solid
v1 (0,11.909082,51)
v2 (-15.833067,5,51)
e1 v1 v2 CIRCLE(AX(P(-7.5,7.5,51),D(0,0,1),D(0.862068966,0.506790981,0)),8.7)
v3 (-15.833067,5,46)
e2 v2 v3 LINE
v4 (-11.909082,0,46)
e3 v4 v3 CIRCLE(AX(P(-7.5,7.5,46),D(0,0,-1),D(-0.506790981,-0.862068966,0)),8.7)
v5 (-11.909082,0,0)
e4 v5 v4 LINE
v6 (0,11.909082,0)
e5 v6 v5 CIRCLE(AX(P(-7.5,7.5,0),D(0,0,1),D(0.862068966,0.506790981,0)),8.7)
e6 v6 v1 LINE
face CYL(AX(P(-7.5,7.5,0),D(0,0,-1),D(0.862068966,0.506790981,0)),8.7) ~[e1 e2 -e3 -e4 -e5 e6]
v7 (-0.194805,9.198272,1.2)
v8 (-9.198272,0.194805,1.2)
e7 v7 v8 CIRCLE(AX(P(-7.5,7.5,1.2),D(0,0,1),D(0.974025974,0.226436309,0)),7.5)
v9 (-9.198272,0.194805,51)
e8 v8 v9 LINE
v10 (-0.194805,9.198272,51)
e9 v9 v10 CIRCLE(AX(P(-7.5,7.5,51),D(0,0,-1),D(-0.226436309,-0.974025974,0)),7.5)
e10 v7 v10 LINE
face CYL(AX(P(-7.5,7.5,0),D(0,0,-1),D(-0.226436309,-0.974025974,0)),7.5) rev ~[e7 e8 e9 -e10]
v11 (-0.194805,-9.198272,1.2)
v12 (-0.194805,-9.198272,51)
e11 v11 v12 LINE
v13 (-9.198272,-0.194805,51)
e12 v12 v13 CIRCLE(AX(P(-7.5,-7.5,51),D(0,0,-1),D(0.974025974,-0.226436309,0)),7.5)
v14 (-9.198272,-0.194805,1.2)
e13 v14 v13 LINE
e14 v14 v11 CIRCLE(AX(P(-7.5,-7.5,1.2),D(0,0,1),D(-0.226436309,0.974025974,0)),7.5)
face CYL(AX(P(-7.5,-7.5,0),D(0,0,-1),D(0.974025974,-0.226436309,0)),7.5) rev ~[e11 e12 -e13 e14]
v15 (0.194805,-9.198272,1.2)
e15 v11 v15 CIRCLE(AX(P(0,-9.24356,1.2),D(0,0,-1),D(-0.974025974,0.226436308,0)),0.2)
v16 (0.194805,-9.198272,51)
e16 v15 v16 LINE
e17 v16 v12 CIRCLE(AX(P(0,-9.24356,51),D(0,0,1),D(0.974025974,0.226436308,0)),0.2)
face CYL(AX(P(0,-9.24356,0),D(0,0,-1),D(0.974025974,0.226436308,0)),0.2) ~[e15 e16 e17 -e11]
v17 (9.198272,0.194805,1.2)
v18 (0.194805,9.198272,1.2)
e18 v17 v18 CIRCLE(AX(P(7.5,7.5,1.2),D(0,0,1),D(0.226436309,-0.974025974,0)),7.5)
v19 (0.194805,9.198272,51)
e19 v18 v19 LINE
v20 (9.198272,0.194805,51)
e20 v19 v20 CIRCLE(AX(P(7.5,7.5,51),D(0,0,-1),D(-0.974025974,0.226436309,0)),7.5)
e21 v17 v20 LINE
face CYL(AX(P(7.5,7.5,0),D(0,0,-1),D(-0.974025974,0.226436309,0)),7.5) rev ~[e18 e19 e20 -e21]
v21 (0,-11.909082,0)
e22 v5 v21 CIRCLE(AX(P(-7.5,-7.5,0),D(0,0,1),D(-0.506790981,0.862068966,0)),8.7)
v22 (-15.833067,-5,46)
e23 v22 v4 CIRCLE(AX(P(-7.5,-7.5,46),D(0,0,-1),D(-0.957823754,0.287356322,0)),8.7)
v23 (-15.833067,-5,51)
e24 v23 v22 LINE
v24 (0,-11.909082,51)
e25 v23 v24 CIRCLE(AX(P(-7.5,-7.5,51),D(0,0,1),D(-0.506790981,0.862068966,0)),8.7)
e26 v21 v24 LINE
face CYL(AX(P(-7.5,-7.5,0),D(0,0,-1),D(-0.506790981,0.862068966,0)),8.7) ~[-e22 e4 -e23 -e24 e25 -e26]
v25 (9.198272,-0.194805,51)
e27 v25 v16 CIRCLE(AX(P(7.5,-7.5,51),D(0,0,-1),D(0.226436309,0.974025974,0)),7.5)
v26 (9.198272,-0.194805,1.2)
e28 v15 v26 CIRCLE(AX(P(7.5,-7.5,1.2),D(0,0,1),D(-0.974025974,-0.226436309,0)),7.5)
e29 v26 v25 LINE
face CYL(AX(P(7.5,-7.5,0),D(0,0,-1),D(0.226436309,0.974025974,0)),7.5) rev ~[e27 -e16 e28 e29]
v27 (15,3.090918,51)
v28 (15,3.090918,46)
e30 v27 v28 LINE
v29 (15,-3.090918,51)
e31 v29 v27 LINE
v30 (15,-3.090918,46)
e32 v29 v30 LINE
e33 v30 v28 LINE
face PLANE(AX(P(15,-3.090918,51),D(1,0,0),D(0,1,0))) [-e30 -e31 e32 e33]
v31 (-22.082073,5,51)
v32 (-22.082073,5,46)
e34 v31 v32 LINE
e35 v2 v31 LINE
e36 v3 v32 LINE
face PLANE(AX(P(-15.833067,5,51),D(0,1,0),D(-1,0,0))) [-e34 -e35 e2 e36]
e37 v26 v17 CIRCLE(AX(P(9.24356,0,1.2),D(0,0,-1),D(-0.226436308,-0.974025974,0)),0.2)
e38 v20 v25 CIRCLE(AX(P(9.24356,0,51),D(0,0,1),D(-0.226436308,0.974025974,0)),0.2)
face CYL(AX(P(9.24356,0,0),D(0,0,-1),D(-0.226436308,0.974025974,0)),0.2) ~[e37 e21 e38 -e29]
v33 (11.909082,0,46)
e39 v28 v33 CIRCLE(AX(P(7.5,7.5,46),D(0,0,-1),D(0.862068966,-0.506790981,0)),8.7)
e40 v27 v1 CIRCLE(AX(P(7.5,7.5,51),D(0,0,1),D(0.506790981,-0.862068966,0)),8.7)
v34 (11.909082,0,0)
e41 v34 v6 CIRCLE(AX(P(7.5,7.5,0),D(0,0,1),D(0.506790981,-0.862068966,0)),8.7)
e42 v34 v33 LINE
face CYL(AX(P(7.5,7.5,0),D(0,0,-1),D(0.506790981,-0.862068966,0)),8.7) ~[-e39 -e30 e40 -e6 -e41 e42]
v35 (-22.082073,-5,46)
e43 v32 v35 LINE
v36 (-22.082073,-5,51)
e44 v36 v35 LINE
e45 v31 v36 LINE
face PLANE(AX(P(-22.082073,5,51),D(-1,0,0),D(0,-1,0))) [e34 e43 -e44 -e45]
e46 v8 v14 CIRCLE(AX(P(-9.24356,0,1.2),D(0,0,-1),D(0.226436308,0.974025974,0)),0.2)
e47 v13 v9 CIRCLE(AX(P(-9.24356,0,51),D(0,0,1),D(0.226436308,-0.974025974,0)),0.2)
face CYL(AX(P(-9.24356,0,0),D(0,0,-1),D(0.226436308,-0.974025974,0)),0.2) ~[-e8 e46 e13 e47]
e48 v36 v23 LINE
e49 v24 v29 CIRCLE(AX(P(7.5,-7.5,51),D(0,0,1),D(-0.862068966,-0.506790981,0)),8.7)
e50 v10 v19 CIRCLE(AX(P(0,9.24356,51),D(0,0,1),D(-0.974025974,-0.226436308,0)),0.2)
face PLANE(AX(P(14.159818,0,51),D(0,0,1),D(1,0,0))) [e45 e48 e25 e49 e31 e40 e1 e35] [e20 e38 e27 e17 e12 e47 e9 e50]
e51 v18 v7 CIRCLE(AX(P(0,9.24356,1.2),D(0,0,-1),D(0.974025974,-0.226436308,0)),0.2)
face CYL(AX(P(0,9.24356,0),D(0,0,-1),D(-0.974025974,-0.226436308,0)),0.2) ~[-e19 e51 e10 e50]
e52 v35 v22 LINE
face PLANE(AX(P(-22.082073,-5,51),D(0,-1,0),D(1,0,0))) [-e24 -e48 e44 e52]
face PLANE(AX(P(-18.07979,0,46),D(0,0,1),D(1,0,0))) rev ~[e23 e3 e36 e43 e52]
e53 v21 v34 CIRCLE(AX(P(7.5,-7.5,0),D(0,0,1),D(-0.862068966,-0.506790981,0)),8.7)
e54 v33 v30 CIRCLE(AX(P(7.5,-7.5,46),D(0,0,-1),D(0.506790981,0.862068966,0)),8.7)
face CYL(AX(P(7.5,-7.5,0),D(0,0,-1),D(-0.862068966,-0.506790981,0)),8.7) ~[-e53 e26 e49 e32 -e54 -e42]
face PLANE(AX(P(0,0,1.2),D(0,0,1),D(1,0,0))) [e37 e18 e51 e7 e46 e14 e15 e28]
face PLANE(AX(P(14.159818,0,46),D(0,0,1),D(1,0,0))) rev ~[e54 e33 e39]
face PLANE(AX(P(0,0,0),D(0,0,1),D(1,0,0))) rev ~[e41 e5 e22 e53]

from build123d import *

# Parameters (mm, degrees)
F2_DEPTH = 51
F3_DEPTH = 1.2
F5_DEPTH = 5
F6_DEPTH = 5


with BuildPart() as f2:
    # F1 (on Top) → F2 (new body)
    with BuildSketch(Plane.XY):
        with BuildLine():
            ThreePointArc((11.909081537, 0), (13.6518289963, 13.6518289963), (0, 11.909081537))
            ThreePointArc((0, 11.909081537), (-13.6518289963, 13.6518289963), (-11.909081537, 0))
            ThreePointArc((-11.909081537, 0), (-13.6518289963, -13.6518289963), (0, -11.909081537))
            ThreePointArc((0, -11.909081537), (13.6518289963, -13.6518289963), (11.909081537, 0))
        make_face()
        with BuildLine():
            ThreePointArc((0.1948051948, 9.1982723157), (12.8033008589, 12.8033008589), (9.1982723157, 0.1948051948))
            ThreePointArc((9.1982723157, 0.1948051948), (9.0435595774, 0), (9.1982723157, -0.1948051948))
            ThreePointArc((9.1982723157, -0.1948051948), (12.8033008589, -12.8033008589), (0.1948051948, -9.1982723157))
            ThreePointArc((0.1948051948, -9.1982723157), (0, -9.0435595774), (-0.1948051948, -9.1982723157))
            ThreePointArc((-0.1948051948, -9.1982723157), (-12.8033008589, -12.8033008589), (-9.1982723157, -0.1948051948))
            ThreePointArc((-9.1982723157, -0.1948051948), (-9.0435595774, 0), (-9.1982723157, 0.1948051948))
            ThreePointArc((-9.1982723157, 0.1948051948), (-12.8033008589, 12.8033008589), (-0.1948051948, 9.1982723157))
            ThreePointArc((-0.1948051948, 9.1982723157), (0, 9.0435595774), (0.1948051948, 9.1982723157))
        make_face(mode=Mode.SUBTRACT)
    extrude(amount=F2_DEPTH)

    # F1 (on Top) → F3 (join)
    with BuildSketch(Plane.XY):
        with BuildLine():
            ThreePointArc((9.1982723157, -0.1948051948), (9.0435595774, 0), (9.1982723157, 0.1948051948))
            ThreePointArc((9.1982723157, 0.1948051948), (12.8033008589, 12.8033008589), (0.1948051948, 9.1982723157))
            ThreePointArc((0.1948051948, 9.1982723157), (0, 9.0435595774), (-0.1948051948, 9.1982723157))
            ThreePointArc((-0.1948051948, 9.1982723157), (-12.8033008589, 12.8033008589), (-9.1982723157, 0.1948051948))
            ThreePointArc((-9.1982723157, 0.1948051948), (-9.0435595774, 0), (-9.1982723157, -0.1948051948))
            ThreePointArc((-9.1982723157, -0.1948051948), (-12.8033008589, -12.8033008589), (-0.1948051948, -9.1982723157))
            ThreePointArc((-0.1948051948, -9.1982723157), (0, -9.0435595774), (0.1948051948, -9.1982723157))
            ThreePointArc((0.1948051948, -9.1982723157), (12.8033008589, -12.8033008589), (9.1982723157, -0.1948051948))
        make_face()
    extrude(amount=F3_DEPTH)

    # F4 (on face) → F5 (join)
    with BuildSketch(Plane.XY.offset(51)):
        with BuildLine():
            ThreePointArc((-11.909081537, 0), (-14.3440182045, 2.1288348735), (-15.8330666624, 5))
            Line((-15.8330666624, 5), (-22.0820734114, 5))
            Line((-22.0820734114, 5), (-22.0820734114, -5))
            Line((-22.0820734114, -5), (-15.8330666624, -5))
            ThreePointArc((-15.8330666624, -5), (-14.3440182045, -2.1288348735), (-11.909081537, 0))
        make_face()
    extrude(amount=-F5_DEPTH)

    # F4 (on face) → F6 (join)
    with BuildSketch(Plane.XY.offset(51)):
        with BuildLine():
            Line((15, -3.090918463), (15, 3.090918463))
            ThreePointArc((15, 3.090918463), (13.6518289963, 1.3481710037), (11.909081537, 0))
            ThreePointArc((11.909081537, 0), (13.6518289963, -1.3481710037), (15, -3.090918463))
        make_face()
    extrude(amount=-F6_DEPTH)


solid = f2.part
